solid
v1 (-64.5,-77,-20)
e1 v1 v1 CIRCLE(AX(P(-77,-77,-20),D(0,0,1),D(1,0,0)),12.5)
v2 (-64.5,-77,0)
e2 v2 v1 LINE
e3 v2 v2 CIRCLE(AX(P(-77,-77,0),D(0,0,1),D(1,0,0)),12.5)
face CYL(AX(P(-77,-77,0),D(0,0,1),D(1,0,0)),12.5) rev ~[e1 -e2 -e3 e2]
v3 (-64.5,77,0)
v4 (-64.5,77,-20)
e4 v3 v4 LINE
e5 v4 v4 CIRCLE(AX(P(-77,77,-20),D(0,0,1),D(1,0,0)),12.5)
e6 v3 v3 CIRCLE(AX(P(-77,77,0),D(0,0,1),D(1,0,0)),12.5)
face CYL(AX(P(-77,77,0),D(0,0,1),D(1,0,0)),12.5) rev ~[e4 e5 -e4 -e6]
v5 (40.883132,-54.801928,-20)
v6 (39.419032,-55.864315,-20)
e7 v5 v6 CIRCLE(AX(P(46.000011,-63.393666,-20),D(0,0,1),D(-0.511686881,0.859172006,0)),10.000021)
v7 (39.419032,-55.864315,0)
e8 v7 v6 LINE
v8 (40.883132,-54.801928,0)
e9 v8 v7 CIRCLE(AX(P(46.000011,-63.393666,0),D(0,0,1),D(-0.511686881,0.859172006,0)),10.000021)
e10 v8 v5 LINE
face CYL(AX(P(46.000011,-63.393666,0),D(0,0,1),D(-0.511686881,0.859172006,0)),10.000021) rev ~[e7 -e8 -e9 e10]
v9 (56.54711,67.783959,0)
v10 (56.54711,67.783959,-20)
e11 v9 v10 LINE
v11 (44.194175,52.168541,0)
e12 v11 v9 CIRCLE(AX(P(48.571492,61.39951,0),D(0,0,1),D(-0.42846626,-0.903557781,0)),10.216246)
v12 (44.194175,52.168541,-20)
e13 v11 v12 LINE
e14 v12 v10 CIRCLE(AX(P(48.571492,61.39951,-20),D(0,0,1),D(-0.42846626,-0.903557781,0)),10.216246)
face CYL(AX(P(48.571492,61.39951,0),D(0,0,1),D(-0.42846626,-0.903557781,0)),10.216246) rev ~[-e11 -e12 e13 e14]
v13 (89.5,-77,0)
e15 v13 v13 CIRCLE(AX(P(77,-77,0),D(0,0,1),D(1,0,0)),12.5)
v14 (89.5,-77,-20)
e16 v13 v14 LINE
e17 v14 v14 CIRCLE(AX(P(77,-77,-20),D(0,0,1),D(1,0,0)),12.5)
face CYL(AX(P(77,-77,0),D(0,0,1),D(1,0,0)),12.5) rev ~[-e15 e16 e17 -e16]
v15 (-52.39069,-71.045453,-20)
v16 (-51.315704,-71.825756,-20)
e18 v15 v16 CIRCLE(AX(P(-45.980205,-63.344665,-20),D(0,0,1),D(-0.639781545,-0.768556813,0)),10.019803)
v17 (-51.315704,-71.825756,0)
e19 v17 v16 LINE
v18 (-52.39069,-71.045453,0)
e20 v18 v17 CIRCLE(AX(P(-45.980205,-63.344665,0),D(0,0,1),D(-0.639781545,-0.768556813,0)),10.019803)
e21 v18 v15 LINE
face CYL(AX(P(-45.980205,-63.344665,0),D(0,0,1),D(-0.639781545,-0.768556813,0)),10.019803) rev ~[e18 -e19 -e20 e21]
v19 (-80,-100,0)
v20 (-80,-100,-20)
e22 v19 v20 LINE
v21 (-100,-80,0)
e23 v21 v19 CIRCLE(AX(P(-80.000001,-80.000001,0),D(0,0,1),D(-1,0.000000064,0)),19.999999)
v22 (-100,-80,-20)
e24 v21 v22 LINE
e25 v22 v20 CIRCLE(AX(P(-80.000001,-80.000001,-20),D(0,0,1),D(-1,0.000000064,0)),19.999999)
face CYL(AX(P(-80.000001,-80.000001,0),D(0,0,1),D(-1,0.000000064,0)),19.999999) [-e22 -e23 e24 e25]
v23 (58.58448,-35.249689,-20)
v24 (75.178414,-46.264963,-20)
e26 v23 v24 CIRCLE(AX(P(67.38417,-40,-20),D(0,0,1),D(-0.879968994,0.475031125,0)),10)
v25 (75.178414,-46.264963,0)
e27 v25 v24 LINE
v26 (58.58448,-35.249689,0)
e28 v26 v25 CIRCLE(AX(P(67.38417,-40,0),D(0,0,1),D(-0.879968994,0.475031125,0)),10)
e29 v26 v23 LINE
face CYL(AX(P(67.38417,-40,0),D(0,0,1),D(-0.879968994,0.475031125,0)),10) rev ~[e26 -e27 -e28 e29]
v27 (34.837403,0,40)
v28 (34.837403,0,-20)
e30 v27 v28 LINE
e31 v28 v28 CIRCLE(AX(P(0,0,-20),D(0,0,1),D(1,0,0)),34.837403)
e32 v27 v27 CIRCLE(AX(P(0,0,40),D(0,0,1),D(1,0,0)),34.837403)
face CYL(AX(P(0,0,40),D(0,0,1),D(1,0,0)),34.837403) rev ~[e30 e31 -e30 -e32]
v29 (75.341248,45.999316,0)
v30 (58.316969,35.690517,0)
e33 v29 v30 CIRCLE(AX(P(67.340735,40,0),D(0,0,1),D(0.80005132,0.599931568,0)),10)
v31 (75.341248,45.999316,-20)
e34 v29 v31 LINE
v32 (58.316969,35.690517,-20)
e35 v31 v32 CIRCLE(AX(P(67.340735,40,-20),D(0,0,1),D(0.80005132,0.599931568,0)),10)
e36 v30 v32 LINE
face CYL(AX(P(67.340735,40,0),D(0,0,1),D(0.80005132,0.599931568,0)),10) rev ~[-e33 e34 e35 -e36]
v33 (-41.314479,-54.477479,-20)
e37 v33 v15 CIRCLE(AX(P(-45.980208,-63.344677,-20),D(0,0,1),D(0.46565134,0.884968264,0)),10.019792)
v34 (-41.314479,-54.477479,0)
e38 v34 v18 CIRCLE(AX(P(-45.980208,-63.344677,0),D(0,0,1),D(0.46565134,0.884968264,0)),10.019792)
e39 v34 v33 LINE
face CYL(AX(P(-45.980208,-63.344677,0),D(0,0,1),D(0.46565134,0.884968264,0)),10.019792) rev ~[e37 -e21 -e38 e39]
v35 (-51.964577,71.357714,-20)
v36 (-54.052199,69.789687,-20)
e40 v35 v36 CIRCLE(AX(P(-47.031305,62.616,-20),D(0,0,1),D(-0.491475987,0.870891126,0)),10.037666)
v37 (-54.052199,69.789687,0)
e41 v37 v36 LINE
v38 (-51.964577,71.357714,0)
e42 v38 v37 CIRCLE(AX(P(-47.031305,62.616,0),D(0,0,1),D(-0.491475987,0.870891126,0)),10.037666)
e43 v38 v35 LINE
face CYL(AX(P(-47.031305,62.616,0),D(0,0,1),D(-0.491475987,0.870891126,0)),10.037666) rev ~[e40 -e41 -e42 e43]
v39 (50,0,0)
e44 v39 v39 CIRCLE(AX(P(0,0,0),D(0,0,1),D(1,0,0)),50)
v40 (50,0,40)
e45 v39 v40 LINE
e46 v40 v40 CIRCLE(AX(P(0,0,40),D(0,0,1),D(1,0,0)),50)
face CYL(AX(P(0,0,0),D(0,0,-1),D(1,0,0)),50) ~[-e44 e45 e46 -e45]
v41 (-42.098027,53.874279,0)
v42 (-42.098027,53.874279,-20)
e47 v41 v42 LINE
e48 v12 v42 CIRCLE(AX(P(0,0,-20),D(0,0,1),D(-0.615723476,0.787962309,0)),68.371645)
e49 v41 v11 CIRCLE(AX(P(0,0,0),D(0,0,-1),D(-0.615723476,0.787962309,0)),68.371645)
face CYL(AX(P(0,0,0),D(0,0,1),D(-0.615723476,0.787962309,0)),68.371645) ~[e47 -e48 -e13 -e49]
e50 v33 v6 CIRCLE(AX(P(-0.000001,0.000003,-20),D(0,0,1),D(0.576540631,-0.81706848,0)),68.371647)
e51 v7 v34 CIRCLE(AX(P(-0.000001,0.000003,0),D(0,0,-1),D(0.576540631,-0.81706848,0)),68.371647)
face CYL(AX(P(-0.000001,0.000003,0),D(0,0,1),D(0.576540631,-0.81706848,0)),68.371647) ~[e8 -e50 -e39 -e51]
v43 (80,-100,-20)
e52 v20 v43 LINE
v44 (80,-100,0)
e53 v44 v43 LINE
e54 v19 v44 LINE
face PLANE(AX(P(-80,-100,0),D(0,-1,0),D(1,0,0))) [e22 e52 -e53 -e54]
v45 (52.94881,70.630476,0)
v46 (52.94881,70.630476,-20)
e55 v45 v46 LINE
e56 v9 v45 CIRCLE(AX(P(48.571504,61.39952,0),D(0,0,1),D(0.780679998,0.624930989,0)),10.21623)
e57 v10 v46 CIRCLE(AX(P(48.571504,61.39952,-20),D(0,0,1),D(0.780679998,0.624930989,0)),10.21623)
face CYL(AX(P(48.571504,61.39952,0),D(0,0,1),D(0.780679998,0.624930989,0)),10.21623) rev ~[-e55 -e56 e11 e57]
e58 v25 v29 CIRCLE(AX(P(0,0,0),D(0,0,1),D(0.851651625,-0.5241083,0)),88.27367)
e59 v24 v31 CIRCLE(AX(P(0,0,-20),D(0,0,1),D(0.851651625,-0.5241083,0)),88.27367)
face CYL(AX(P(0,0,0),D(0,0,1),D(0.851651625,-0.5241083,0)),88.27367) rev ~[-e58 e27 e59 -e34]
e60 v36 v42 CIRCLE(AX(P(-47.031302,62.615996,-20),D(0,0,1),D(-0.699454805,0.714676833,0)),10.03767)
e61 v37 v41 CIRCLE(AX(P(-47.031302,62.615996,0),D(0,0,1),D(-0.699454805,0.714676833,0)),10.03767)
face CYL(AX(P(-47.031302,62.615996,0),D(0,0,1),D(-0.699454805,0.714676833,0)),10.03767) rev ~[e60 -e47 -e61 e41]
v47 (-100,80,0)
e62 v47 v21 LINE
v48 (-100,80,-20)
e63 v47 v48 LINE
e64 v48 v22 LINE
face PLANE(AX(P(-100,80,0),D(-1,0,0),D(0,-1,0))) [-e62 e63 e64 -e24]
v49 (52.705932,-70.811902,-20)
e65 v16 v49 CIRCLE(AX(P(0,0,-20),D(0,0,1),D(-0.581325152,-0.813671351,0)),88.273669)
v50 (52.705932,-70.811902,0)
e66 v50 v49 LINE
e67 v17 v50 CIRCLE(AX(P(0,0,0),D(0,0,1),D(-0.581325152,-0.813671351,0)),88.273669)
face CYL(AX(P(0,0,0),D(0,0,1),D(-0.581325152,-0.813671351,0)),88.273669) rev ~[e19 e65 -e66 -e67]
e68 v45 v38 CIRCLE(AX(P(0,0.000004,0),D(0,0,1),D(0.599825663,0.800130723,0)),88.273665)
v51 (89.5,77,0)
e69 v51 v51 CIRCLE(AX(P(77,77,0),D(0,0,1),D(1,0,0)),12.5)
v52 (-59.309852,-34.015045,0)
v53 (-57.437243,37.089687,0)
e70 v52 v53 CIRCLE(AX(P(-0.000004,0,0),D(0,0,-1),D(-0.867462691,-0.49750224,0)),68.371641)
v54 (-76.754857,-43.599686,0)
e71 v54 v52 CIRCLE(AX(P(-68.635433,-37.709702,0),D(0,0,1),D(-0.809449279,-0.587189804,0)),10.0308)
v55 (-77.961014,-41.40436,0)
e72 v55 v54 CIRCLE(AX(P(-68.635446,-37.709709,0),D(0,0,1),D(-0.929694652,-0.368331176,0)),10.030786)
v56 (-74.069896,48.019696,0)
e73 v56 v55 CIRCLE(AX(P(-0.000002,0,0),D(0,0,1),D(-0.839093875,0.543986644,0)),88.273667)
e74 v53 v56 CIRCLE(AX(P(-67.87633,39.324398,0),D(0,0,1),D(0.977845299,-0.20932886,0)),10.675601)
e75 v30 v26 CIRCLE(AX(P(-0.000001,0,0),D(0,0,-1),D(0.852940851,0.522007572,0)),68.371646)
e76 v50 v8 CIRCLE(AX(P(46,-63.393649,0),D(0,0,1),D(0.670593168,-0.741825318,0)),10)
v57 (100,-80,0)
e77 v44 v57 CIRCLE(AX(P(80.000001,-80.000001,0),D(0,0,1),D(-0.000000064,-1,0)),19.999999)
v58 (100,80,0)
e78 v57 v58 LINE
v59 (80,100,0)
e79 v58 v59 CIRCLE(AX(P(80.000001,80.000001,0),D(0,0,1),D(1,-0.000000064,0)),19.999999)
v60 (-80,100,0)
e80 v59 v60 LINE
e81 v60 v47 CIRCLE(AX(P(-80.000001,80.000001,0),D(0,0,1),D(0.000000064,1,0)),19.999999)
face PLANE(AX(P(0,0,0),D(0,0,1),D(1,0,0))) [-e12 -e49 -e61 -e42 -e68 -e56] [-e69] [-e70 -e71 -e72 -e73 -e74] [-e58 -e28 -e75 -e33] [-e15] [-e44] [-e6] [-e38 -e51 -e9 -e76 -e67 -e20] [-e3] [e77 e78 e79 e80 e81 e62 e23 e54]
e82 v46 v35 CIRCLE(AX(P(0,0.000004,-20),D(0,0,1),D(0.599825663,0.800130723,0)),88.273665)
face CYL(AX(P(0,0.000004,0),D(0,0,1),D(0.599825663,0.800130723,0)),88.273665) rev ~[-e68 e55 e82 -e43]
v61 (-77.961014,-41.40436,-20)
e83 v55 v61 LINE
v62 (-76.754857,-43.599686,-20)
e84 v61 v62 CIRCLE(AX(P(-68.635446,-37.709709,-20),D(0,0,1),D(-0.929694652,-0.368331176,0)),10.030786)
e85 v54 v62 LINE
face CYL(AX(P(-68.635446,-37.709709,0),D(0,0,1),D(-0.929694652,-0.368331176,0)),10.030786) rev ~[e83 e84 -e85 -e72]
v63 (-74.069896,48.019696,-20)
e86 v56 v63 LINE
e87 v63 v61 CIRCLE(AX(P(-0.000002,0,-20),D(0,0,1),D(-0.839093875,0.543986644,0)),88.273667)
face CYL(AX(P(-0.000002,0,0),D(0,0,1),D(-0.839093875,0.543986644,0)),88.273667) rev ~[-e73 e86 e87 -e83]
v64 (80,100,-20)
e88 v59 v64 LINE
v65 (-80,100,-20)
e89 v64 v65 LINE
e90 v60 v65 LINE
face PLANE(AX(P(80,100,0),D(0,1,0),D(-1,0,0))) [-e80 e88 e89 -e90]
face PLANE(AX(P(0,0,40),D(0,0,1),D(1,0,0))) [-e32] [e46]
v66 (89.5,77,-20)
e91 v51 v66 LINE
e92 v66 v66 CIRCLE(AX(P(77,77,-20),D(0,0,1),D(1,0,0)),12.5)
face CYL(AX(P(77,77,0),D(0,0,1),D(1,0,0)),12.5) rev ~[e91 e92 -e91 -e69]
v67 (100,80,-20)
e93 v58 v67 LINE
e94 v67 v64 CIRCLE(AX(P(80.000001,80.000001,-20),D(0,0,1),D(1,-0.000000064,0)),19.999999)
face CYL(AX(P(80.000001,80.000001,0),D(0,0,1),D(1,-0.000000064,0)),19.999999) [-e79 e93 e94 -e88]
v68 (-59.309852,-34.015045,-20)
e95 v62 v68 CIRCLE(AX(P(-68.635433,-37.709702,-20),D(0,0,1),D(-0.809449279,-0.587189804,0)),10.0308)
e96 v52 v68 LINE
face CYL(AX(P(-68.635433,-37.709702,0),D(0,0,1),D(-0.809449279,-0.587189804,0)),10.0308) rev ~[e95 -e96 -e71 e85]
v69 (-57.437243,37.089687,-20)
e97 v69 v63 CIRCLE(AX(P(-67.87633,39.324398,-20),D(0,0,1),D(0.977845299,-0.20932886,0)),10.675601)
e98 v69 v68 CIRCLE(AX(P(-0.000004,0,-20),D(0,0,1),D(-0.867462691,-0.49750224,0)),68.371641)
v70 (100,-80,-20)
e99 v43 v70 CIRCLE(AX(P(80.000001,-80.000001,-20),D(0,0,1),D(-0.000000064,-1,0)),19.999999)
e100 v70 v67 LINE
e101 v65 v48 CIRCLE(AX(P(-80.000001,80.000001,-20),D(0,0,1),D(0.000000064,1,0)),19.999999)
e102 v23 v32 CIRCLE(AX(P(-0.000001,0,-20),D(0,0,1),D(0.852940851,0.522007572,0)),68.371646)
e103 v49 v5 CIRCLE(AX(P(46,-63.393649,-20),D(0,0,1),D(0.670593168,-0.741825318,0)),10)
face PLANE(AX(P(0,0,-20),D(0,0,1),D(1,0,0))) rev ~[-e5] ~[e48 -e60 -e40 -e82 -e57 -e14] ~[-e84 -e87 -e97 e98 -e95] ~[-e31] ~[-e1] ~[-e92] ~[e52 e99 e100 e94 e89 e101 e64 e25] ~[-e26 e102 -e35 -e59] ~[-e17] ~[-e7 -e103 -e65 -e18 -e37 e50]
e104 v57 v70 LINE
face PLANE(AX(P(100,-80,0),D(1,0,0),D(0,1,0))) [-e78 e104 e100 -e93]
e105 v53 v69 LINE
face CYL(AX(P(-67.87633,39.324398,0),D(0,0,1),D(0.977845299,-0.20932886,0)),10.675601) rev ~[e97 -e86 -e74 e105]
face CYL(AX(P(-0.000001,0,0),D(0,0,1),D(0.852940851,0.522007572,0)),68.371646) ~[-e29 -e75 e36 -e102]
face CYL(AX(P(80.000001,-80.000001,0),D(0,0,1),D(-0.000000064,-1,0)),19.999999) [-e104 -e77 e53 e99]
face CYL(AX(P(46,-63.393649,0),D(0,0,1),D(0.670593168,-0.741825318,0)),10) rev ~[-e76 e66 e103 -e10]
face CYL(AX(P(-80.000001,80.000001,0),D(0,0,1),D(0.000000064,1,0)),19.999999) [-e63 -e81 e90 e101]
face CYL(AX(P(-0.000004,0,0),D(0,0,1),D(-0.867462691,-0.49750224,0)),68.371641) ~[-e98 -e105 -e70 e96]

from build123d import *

# Parameters (mm, degrees)
F0_R     = 12.5
F1_DEPTH = 20
F2_R     = 50
F3_DEPTH = 40
F4_R     = 34.837403
F5_DEPTH = 100
F7_DEPTH = 25


with BuildPart() as f1:
    # F0 (on Top) → F1 (new body)
    with BuildSketch(Plane.XY):
        with BuildLine():
            ThreePointArc((100, 80), (94.142136, 94.142136), (80, 100))
            Line((80, 100), (-80, 100))
            ThreePointArc((-80, 100), (-94.142136, 94.142136), (-100, 80))
            Line((-100, 80), (-100, -80))
            ThreePointArc((-100, -80), (-94.142136, -94.142136), (-80, -100))
            Line((-80, -100), (80, -100))
            ThreePointArc((80, -100), (94.142136, -94.142136), (100, -80))
            Line((100, -80), (100, 80))
        make_face()
        with Locations((-77, -77)):
            Circle(F0_R, mode=Mode.SUBTRACT)
        with Locations((77, -77)):
            Circle(F0_R, mode=Mode.SUBTRACT)
        with Locations((-77, 77)):
            Circle(F0_R, mode=Mode.SUBTRACT)
        with Locations((77, 77)):
            Circle(F0_R, mode=Mode.SUBTRACT)
    extrude(amount=-F1_DEPTH)

    # F2 (on face) → F3 (join)
    with BuildSketch(Plane.XY):
        Circle(F2_R)
    extrude(amount=F3_DEPTH)

    # F4 (on face) → F5 (cut)
    with BuildSketch(Plane.XY.offset(40)):
        Circle(F4_R)
    extrude(amount=-F5_DEPTH, mode=Mode.SUBTRACT)

    # F6 (on Top) → F7 (cut)
    with BuildSketch(Plane.XY):
        with BuildLine():
            ThreePointArc((-59.309852, -34.015045), (-68.347947, 1.800006), (-57.437243, 37.089687))
            ThreePointArc((-57.437243, 37.089687), (-62.013533, 48.246062), (-74.069896, 48.019696))
            ThreePointArc((-74.069896, 48.019696), (-88.19022, 3.83743), (-77.961014, -41.40436))
            ThreePointArc((-77.961014, -41.40436), (-77.365723, -42.506301), (-76.754857, -43.599686))
            ThreePointArc((-76.754857, -43.599686), (-63.805315, -46.501), (-59.309852, -34.015045))
        make_face()
        with BuildLine():
            ThreePointArc((-77.961014, -41.40436), (-77.426731, -42.53982), (-76.754857, -43.599686))
            ThreePointArc((-76.754857, -43.599686), (-77.365723, -42.506301), (-77.961014, -41.40436))
        make_face()
        with BuildLine():
            ThreePointArc((-54.052199, 69.789687), (-53.014186, 70.58142), (-51.964577, 71.357714))
            ThreePointArc((-51.964577, 71.357714), (-53.059588, 70.641867), (-54.052199, 69.789687))
        make_face()
        with BuildLine():
            ThreePointArc((52.94881, 70.630476), (0.61188, 88.271549), (-51.964577, 71.357714))
            ThreePointArc((-51.964577, 71.357714), (-53.014186, 70.58142), (-54.052199, 69.789687))
            ThreePointArc((-54.052199, 69.789687), (-55.057173, 56.587711), (-42.098027, 53.874279))
            ThreePointArc((-42.098027, 53.874279), (1.351238, 68.358291), (44.194175, 52.168541))
            ThreePointArc((44.194175, 52.168541), (56.583811, 55.06118), (56.54711, 67.783959))
            ThreePointArc((56.54711, 67.783959), (54.766457, 69.230599), (52.94881, 70.630476))
        make_face()
        with BuildLine():
            ThreePointArc((56.54711, 67.783959), (54.909822, 69.411828), (52.94881, 70.630476))
            ThreePointArc((52.94881, 70.630476), (54.766457, 69.230599), (56.54711, 67.783959))
        make_face()
        with BuildLine():
            ThreePointArc((39.419032, -55.864315), (-1.174312, -68.361559), (-41.314479, -54.477479))
            ThreePointArc((-41.314479, -54.477479), (-54.310003, -57.775947), (-52.39069, -71.045453))
            ThreePointArc((-52.39069, -71.045453), (-51.854665, -71.437626), (-51.315704, -71.825756))
            ThreePointArc((-51.315704, -71.825756), (0.860325, -88.269477), (52.705932, -70.811902))
            ThreePointArc((52.705932, -70.811902), (54.044321, -57.453202), (40.883132, -54.801928))
            ThreePointArc((40.883132, -54.801928), (40.154596, -55.337964), (39.419032, -55.864315))
        make_face()
        with BuildLine():
            ThreePointArc((-51.315704, -71.825756), (-51.854665, -71.437626), (-52.39069, -71.045453))
            ThreePointArc((-52.39069, -71.045453), (-51.866142, -71.453438), (-51.315704, -71.825756))
        make_face()
        with BuildLine():
            ThreePointArc((40.883132, -54.801928), (40.12701, -55.299948), (39.419032, -55.864315))
            ThreePointArc((39.419032, -55.864315), (40.154596, -55.337964), (40.883132, -54.801928))
        make_face()
        with BuildLine():
            ThreePointArc((75.178414, -46.264963), (88.273532, -0.155791), (75.341248, 45.999316))
            ThreePointArc((75.341248, 45.999316), (62.161005, 48.55397), (58.316969, 35.690517))
            ThreePointArc((58.316969, 35.690517), (68.371159, 0.257823), (58.58448, -35.249689))
            ThreePointArc((58.58448, -35.249689), (61.853637, -48.331459), (75.178414, -46.264963))
        make_face()
    extrude(amount=-F7_DEPTH, mode=Mode.SUBTRACT)


solid = f1.part
